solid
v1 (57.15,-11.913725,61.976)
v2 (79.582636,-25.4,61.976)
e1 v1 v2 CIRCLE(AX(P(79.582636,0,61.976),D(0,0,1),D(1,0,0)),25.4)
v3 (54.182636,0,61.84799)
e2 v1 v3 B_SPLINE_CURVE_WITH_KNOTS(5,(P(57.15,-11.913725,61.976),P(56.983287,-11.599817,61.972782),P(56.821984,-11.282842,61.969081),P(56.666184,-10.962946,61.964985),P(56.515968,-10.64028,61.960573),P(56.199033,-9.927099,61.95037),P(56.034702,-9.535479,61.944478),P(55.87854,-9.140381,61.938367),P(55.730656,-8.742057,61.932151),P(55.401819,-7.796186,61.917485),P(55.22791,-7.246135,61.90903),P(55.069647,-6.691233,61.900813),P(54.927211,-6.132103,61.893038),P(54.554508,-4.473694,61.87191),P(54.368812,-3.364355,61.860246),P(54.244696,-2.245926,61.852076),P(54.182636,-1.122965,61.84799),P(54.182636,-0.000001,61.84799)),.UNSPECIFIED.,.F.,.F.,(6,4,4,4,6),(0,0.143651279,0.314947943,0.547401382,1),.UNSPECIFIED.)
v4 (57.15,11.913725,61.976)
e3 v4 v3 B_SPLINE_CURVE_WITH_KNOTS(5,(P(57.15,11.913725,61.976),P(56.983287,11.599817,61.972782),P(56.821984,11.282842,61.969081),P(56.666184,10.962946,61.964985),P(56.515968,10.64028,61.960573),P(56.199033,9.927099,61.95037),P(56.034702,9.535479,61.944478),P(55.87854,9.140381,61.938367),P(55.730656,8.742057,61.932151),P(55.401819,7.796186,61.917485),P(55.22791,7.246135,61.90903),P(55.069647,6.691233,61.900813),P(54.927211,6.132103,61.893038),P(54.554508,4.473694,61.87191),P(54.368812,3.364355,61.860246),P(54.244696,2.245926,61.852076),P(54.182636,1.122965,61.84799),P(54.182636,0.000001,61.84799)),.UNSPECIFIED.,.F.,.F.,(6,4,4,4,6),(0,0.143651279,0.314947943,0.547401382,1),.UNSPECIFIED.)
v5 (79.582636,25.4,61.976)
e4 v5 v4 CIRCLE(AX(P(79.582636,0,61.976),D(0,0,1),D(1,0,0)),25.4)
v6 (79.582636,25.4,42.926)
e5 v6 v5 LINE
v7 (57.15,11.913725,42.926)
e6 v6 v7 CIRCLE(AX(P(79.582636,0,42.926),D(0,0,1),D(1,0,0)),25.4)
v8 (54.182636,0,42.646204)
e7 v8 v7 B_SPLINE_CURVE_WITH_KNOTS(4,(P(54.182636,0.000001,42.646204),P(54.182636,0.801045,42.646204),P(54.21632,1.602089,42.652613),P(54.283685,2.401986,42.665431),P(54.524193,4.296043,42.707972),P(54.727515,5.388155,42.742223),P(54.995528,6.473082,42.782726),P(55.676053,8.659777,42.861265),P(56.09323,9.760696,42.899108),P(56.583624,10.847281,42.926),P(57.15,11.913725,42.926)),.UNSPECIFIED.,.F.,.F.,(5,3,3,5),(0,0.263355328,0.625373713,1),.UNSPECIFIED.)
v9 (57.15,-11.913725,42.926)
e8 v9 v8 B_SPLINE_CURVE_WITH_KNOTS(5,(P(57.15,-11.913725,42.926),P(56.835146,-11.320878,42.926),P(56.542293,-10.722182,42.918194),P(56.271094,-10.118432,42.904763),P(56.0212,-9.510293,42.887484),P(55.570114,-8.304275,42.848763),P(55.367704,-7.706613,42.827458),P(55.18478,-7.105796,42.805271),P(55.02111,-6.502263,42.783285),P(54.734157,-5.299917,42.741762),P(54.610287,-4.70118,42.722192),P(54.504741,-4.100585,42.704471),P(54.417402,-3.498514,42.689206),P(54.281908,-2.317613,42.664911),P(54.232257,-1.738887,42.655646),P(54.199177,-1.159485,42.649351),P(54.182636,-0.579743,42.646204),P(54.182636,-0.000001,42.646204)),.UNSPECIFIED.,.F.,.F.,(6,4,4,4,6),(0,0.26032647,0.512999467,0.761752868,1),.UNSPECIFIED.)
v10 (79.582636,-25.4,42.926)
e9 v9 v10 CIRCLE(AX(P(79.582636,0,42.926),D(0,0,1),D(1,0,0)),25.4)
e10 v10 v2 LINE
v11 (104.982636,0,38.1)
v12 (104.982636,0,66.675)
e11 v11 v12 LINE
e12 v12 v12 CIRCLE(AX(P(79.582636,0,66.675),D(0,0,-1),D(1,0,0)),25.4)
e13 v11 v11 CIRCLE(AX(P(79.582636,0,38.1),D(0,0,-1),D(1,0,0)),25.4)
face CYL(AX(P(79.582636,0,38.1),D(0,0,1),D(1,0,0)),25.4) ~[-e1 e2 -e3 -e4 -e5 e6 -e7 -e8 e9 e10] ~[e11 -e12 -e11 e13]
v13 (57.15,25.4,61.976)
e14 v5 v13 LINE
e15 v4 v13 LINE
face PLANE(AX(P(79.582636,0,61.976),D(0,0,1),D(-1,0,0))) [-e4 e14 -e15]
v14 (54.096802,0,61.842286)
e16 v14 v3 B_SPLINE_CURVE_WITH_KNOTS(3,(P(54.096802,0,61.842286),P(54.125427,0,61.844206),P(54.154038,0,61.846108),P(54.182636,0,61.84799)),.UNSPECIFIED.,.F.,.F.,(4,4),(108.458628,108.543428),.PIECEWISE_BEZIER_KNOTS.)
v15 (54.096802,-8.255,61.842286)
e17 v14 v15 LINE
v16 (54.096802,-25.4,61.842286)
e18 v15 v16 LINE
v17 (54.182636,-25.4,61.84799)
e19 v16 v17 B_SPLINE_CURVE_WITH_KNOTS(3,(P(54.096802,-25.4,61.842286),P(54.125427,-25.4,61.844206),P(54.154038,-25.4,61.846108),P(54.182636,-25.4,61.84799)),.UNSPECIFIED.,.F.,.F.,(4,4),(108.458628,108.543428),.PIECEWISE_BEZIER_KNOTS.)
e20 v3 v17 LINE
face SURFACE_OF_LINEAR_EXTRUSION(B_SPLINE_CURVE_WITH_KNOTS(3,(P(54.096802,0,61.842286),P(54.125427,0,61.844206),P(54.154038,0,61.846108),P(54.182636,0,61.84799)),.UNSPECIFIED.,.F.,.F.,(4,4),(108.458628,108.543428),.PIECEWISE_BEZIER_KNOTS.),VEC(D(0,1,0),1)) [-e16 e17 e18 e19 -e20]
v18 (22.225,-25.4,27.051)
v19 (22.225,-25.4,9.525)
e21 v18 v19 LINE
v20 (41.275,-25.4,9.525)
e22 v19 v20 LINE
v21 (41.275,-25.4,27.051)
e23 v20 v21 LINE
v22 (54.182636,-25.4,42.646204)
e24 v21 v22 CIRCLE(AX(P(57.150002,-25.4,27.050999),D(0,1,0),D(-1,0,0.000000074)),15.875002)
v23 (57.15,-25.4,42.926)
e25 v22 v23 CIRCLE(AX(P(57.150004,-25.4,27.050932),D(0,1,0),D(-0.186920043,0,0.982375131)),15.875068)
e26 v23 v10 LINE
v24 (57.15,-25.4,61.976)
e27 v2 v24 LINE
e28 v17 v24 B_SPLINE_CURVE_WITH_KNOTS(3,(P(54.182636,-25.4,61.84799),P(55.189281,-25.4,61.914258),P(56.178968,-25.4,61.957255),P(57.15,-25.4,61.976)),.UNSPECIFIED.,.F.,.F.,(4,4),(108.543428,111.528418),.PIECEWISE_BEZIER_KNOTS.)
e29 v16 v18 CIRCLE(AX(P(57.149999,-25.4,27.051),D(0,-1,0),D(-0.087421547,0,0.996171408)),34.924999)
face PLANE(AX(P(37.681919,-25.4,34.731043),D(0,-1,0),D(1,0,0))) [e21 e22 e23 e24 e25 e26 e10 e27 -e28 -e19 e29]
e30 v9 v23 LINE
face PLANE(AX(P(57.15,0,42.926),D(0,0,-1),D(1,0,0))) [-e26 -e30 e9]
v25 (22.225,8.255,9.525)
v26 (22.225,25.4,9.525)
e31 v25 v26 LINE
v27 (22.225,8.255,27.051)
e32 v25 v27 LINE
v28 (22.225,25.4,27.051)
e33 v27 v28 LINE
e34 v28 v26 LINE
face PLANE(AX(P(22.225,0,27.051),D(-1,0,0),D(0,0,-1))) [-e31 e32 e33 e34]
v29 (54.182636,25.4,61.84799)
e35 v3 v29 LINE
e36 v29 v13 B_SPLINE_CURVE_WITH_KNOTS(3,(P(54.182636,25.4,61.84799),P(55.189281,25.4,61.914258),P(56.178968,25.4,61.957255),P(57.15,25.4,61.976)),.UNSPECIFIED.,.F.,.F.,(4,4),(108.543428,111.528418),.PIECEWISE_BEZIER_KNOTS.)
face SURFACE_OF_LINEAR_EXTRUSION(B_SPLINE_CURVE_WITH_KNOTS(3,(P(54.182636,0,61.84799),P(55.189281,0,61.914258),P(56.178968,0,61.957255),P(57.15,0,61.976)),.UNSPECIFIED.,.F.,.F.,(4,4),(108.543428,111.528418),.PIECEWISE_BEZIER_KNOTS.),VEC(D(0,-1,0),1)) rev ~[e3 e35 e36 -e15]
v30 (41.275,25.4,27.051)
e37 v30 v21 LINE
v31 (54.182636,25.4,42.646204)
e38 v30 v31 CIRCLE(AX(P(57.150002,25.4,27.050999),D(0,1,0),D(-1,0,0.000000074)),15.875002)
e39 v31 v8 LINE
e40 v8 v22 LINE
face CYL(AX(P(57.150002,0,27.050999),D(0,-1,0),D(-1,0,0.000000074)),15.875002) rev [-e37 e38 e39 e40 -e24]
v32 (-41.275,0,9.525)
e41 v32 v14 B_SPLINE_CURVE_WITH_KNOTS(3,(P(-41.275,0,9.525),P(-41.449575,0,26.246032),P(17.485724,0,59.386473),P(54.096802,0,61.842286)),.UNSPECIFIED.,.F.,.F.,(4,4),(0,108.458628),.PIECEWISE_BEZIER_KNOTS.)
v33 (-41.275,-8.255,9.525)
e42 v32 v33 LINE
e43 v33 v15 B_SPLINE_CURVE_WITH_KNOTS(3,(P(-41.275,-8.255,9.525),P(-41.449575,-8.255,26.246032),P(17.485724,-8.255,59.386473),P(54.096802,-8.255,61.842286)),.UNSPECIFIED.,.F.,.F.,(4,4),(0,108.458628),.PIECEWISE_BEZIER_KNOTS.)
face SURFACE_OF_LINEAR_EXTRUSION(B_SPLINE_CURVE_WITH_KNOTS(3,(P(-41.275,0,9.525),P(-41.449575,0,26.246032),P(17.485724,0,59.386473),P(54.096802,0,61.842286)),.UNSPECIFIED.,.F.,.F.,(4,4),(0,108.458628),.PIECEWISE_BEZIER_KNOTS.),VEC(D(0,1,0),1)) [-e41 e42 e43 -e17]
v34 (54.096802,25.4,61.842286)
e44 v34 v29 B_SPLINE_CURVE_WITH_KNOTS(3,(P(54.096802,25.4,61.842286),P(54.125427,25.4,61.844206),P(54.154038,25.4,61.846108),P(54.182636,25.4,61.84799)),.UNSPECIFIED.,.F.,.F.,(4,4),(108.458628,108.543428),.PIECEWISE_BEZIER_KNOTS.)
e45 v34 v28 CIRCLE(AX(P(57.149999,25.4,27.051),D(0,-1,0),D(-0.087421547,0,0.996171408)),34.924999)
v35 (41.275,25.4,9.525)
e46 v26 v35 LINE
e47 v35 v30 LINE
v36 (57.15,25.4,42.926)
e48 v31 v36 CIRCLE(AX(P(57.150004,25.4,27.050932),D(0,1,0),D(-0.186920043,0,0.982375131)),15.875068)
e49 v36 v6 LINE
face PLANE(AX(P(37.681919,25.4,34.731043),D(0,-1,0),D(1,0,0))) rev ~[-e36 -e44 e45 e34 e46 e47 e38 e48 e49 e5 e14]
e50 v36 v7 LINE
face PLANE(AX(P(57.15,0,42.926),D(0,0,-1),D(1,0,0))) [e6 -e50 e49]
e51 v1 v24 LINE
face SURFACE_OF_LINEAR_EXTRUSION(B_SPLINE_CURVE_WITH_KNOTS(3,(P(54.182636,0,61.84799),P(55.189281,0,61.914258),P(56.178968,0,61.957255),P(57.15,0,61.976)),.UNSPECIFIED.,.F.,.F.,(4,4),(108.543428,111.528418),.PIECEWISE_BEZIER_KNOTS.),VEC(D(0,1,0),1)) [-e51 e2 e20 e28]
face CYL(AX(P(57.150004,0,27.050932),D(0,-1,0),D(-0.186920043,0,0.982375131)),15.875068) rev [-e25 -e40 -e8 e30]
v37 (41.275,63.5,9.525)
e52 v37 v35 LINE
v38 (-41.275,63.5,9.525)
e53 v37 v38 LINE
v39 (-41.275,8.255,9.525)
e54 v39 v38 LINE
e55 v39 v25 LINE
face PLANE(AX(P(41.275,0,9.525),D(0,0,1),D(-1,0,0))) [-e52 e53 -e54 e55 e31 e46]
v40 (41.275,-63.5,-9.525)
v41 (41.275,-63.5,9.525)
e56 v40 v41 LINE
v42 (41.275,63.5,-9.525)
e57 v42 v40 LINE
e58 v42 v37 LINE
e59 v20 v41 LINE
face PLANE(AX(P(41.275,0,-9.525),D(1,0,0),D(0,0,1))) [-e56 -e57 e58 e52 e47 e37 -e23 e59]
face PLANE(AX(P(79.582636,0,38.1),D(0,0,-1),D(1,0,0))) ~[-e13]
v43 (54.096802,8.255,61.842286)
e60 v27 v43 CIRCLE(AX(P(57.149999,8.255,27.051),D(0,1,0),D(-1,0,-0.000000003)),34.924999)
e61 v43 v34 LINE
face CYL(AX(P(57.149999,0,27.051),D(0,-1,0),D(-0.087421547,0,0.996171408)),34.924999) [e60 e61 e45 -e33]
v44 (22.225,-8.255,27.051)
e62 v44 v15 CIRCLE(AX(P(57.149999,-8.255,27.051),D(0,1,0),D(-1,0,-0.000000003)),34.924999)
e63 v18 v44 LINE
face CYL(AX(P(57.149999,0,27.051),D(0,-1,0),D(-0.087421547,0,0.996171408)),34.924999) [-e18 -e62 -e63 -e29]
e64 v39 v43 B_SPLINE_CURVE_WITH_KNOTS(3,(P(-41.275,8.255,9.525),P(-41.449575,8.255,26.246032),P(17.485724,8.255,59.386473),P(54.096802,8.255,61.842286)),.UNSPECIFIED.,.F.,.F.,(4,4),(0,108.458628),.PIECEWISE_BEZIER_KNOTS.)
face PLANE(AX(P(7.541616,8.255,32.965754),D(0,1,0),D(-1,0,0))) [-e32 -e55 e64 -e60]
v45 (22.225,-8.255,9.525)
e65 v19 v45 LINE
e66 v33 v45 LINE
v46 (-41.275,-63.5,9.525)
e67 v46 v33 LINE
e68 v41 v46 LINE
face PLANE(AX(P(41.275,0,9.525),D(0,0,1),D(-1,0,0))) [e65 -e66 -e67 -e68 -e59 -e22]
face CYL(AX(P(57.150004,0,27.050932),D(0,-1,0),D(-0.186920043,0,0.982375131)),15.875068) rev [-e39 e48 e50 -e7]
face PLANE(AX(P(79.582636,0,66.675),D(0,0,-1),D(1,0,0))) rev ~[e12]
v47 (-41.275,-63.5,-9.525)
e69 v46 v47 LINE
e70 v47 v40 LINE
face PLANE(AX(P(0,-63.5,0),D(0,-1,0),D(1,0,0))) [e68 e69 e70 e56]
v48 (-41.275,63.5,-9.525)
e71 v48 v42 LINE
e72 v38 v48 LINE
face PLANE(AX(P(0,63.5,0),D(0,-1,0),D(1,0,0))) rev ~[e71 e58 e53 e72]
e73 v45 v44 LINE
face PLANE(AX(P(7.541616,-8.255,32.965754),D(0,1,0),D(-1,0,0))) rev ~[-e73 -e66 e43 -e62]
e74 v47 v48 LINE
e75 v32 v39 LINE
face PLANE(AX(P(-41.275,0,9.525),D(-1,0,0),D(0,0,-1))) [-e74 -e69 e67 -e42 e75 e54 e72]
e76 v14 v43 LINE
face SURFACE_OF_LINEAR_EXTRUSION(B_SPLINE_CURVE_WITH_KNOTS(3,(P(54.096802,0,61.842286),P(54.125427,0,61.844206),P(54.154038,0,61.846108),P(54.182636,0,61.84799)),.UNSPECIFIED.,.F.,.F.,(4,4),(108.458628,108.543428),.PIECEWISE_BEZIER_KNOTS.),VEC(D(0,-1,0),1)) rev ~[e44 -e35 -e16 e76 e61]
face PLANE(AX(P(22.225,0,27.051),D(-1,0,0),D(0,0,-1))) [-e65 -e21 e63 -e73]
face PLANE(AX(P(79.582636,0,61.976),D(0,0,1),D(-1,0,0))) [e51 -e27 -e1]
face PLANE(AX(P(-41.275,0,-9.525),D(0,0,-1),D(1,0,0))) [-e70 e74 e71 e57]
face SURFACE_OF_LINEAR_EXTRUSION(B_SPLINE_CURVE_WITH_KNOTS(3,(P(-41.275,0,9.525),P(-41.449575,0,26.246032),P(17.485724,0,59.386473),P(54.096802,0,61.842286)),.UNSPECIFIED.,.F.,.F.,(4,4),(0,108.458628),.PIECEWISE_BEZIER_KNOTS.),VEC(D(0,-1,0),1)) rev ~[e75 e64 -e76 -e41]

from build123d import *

# Parameters (mm, degrees)
F1_DEPTH = 63.5
F2_DEPTH = 25.4
F3_DEPTH = 8.255


with BuildPart() as f1:
    # F0 (on Front) → F1 (new body, symmetric)
    with BuildSketch(Plane.XZ):
        Polygon((-41.275, -9.525), (41.275, -9.525), (41.275, 9.525), (22.225, 9.525), (-41.275, 9.525), align=None)
    extrude(amount=F1_DEPTH, both=True)

    # F0 (on Front) → F2 (join, symmetric)
    with BuildSketch(Plane.XZ):
        with BuildLine():
            Line((22.225, 9.525), (41.275, 9.525))
            Line((41.275, 9.525), (41.275, 27.051))
            ThreePointArc((41.275, 27.051), (44.920476, 37.172974), (54.182636, 42.646204))
            Line((54.182636, 42.646204), (54.182636, 61.84799))
            add(Edge.make_bspline(
                [(54.096802, 61.842286), (54.125427, 61.844206), (54.154038, 61.846108), (54.182636, 61.84799)],
                knots=[108.458628, 108.458628, 108.458628, 108.458628, 108.543428, 108.543428, 108.543428, 108.543428], degree=3))
            ThreePointArc((54.096802, 61.842286), (31.397441, 50.642552), (22.225, 27.051))
            Line((22.225, 27.051), (22.225, 9.525))
        make_face()
        with BuildLine():
            Line((54.182636, 61.84799), (54.182636, 42.646204))
            ThreePointArc((54.182636, 42.646204), (55.659737, 42.855896), (57.15, 42.926))
            Line((57.15, 42.926), (73.837688, 42.926))
            Line((73.837688, 42.926), (79.582636, 42.926))
            Line((79.582636, 42.926), (79.582636, 61.976))
            Line((79.582636, 61.976), (73.837688, 61.976))
            Line((73.837688, 61.976), (57.15, 61.976))
            add(Edge.make_bspline(
                [(54.182636, 61.84799), (55.189281, 61.914258), (56.178968, 61.957255), (57.15, 61.976)],
                knots=[108.543428, 108.543428, 108.543428, 108.543428, 111.528418, 111.528418, 111.528418, 111.528418], degree=3))
        make_face()
    extrude(amount=F2_DEPTH, both=True)

    # F0 (on Front) → F3 (join, symmetric)
    with BuildSketch(Plane.XZ):
        with BuildLine():
            add(Edge.make_bspline(
                [(-41.275, 9.525), (-41.449575, 26.246032), (17.485724, 59.386473), (54.096802, 61.842286)],
                knots=[0, 0, 0, 0, 108.458628, 108.458628, 108.458628, 108.458628], degree=3))
            Line((-41.275, 9.525), (22.225, 9.525))
            Line((22.225, 9.525), (22.225, 27.051))
            ThreePointArc((22.225, 27.051), (31.397441, 50.642552), (54.096802, 61.842286))
        make_face()
    extrude(amount=F3_DEPTH, both=True)

    # F0 (on Front) → F4 (revolve)
    with BuildSketch(Plane.XZ):
        Polygon((79.582636, 42.926), (79.582636, 38.1), (104.982636, 38.1), (104.982636, 66.675), (79.582636, 66.675), (79.582636, 61.976), align=None)
    revolve(axis=Axis((79.582636, 0, 50.038), (0, 0, -1)))


solid = f1.part
